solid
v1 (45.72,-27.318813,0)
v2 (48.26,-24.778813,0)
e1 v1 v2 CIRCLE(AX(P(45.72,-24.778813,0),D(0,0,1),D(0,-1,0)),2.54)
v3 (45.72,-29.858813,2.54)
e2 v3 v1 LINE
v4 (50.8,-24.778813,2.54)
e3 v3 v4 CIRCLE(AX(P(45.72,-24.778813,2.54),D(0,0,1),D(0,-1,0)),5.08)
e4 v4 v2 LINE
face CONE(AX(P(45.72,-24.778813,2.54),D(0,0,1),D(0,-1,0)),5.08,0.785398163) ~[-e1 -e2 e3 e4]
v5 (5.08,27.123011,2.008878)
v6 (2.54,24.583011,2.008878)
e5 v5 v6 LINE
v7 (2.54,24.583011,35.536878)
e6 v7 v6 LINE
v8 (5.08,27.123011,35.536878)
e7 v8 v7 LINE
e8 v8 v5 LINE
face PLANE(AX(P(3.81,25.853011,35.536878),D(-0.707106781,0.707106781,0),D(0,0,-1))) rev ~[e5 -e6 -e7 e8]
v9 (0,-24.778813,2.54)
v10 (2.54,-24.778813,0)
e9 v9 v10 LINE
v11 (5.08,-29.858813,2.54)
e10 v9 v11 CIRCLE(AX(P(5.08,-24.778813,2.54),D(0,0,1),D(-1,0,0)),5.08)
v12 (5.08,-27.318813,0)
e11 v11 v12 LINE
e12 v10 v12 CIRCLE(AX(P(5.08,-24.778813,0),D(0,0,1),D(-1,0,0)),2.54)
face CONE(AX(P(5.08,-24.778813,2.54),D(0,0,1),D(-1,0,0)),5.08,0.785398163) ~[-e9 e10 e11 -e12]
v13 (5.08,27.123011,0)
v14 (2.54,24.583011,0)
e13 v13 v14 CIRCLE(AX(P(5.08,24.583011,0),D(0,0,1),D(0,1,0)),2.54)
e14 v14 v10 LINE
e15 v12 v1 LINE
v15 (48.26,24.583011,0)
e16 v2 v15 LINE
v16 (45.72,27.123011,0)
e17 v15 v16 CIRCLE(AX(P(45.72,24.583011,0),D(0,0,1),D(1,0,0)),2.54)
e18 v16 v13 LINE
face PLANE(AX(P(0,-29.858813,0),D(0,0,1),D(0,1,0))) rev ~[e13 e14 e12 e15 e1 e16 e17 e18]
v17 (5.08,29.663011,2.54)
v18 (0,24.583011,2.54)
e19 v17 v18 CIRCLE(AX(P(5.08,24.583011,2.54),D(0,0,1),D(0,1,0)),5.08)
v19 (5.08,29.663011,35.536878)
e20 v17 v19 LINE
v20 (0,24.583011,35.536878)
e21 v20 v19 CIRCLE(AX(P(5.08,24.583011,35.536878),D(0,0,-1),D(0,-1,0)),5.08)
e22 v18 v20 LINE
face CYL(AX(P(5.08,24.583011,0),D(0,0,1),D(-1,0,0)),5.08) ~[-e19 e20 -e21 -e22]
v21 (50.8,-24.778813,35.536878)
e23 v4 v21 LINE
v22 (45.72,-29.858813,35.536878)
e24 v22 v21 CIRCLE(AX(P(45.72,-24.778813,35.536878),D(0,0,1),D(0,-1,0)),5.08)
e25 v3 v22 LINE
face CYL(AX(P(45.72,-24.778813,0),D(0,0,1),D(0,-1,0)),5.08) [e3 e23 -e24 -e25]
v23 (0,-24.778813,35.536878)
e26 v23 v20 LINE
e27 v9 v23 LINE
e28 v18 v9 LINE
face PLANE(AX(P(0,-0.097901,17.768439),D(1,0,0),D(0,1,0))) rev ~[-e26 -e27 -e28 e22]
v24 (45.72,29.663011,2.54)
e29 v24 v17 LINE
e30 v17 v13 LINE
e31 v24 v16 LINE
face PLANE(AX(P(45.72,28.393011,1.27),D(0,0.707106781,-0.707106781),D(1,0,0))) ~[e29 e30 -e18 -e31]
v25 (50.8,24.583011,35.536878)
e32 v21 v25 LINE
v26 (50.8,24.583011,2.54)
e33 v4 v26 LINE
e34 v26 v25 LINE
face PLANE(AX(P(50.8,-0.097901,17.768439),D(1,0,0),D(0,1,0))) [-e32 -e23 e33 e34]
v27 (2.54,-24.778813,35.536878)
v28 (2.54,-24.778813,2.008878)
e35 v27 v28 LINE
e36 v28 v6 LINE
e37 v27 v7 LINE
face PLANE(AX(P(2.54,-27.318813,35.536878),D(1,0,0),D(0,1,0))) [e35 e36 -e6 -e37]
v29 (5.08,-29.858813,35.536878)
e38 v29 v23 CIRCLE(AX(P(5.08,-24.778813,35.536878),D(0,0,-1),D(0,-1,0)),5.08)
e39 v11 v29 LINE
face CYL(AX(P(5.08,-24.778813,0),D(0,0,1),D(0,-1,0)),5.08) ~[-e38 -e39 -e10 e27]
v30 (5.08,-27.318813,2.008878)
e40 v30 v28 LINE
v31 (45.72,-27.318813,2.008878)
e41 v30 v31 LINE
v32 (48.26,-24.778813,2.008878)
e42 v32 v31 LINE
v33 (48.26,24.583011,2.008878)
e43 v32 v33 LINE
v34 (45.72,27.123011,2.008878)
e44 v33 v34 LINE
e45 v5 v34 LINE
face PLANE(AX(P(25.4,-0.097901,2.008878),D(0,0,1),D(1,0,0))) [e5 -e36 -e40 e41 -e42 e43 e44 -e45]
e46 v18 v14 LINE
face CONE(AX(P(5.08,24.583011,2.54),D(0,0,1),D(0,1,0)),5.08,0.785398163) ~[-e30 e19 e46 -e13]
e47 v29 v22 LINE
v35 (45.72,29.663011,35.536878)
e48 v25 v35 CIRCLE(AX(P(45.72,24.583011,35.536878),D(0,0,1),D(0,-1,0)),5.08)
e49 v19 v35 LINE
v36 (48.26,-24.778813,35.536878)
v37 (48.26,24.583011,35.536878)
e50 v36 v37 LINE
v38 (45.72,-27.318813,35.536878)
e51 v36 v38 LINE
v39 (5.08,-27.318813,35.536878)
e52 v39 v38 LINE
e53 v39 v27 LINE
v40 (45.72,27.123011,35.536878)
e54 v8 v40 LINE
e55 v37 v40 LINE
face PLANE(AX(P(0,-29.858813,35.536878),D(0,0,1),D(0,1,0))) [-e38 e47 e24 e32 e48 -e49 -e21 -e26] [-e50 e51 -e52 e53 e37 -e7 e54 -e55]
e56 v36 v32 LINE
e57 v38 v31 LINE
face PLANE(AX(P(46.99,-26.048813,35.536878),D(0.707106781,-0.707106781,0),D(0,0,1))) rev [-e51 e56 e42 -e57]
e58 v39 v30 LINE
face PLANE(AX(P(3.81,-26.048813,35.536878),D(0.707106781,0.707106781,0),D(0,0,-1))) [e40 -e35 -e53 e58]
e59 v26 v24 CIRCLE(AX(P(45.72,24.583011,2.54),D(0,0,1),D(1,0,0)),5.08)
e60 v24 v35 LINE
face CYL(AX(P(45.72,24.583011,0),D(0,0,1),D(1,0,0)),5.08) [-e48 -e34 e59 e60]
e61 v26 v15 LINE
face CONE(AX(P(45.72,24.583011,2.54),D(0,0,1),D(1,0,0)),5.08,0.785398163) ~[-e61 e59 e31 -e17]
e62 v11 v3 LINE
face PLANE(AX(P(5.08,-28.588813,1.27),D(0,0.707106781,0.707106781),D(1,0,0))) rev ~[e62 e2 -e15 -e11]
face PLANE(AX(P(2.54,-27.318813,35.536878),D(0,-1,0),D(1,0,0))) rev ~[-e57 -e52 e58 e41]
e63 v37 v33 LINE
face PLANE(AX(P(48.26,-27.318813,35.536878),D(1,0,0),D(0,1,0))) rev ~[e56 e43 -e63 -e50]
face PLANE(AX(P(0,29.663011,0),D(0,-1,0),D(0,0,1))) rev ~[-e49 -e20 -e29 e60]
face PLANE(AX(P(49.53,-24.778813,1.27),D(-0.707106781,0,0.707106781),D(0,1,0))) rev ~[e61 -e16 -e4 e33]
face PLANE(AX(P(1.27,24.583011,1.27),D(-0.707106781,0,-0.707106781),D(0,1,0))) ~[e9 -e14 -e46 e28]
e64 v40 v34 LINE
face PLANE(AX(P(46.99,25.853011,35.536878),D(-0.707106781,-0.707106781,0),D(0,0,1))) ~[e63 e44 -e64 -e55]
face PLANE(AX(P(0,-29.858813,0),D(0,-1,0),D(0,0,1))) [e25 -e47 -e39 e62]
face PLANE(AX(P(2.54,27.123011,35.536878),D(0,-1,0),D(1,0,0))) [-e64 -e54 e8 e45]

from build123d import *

# Parameters (mm, degrees)
F0_W     = 59.521824
F0_H     = 35.536878
F1_DEPTH = 50.8
F2_W     = 45.72
F2_H     = 54.441824
F3_DEPTH = 33.528
F4_R     = 5.08
F5_R     = 5.08
F6_R     = 5.08
F7_SIZE  = 2.54
F8_SIZE  = 2.54
F9_SIZE  = 2.54


with BuildPart() as f1:
    # F0 (on Right) → F1 (new body)
    with BuildSketch(Plane.YZ):
        with Locations((-0.097901, 17.768439)):
            Rectangle(F0_W, F0_H)
    extrude(amount=F1_DEPTH)

    # F2 (on face) → F3 (cut)
    with BuildSketch(Plane.XY.offset(35.536878)):
        with Locations((25.4, -0.097901)):
            Rectangle(F2_W, F2_H)
    extrude(amount=-F3_DEPTH, mode=Mode.SUBTRACT)

    # F4
    f4_edges = [f1.edges().sort_by_distance(p)[0] for p in [
        (0, 29.663011, 17.768439),
        (0, -29.858813, 17.768439),
    ]]
    fillet(f4_edges, radius=F4_R)

    # F5
    f5_edges = [f1.edges().sort_by_distance(p)[0] for p in [
        (50.8, -29.858813, 17.768439),
    ]]
    fillet(f5_edges, radius=F5_R)

    # F6
    f6_edges = [f1.edges().sort_by_distance(p)[0] for p in [
        (50.8, 29.663011, 17.768439),
    ]]
    fillet(f6_edges, radius=F6_R)

    # F7
    f7_edges = [f1.edges().sort_by_distance(p)[0] for p in [
        (48.26, 27.123011, 18.772878),
        (2.54, 27.123011, 18.772878),
    ]]
    chamfer(f7_edges, length=F7_SIZE)

    # F8
    f8_edges = [f1.edges().sort_by_distance(p)[0] for p in [
        (48.26, -27.318813, 18.772878),
        (2.54, -27.318813, 18.772878),
    ]]
    chamfer(f8_edges, length=F8_SIZE)

    # F9
    f9_edges = [f1.edges().sort_by_distance(p)[0] for p in [
        (50.8, -0.097901, 0),
        (49.312102, 28.175114, 0),
        (49.312102, -28.370915, 0),
        (25.4, 29.663011, 0),
        (25.4, -29.858813, 0),
        (1.487898, 28.175114, 0),
        (1.487898, -28.370915, 0),
        (0, -0.097901, 0),
    ]]
    chamfer(f9_edges, length=F9_SIZE)


solid = f1.part
